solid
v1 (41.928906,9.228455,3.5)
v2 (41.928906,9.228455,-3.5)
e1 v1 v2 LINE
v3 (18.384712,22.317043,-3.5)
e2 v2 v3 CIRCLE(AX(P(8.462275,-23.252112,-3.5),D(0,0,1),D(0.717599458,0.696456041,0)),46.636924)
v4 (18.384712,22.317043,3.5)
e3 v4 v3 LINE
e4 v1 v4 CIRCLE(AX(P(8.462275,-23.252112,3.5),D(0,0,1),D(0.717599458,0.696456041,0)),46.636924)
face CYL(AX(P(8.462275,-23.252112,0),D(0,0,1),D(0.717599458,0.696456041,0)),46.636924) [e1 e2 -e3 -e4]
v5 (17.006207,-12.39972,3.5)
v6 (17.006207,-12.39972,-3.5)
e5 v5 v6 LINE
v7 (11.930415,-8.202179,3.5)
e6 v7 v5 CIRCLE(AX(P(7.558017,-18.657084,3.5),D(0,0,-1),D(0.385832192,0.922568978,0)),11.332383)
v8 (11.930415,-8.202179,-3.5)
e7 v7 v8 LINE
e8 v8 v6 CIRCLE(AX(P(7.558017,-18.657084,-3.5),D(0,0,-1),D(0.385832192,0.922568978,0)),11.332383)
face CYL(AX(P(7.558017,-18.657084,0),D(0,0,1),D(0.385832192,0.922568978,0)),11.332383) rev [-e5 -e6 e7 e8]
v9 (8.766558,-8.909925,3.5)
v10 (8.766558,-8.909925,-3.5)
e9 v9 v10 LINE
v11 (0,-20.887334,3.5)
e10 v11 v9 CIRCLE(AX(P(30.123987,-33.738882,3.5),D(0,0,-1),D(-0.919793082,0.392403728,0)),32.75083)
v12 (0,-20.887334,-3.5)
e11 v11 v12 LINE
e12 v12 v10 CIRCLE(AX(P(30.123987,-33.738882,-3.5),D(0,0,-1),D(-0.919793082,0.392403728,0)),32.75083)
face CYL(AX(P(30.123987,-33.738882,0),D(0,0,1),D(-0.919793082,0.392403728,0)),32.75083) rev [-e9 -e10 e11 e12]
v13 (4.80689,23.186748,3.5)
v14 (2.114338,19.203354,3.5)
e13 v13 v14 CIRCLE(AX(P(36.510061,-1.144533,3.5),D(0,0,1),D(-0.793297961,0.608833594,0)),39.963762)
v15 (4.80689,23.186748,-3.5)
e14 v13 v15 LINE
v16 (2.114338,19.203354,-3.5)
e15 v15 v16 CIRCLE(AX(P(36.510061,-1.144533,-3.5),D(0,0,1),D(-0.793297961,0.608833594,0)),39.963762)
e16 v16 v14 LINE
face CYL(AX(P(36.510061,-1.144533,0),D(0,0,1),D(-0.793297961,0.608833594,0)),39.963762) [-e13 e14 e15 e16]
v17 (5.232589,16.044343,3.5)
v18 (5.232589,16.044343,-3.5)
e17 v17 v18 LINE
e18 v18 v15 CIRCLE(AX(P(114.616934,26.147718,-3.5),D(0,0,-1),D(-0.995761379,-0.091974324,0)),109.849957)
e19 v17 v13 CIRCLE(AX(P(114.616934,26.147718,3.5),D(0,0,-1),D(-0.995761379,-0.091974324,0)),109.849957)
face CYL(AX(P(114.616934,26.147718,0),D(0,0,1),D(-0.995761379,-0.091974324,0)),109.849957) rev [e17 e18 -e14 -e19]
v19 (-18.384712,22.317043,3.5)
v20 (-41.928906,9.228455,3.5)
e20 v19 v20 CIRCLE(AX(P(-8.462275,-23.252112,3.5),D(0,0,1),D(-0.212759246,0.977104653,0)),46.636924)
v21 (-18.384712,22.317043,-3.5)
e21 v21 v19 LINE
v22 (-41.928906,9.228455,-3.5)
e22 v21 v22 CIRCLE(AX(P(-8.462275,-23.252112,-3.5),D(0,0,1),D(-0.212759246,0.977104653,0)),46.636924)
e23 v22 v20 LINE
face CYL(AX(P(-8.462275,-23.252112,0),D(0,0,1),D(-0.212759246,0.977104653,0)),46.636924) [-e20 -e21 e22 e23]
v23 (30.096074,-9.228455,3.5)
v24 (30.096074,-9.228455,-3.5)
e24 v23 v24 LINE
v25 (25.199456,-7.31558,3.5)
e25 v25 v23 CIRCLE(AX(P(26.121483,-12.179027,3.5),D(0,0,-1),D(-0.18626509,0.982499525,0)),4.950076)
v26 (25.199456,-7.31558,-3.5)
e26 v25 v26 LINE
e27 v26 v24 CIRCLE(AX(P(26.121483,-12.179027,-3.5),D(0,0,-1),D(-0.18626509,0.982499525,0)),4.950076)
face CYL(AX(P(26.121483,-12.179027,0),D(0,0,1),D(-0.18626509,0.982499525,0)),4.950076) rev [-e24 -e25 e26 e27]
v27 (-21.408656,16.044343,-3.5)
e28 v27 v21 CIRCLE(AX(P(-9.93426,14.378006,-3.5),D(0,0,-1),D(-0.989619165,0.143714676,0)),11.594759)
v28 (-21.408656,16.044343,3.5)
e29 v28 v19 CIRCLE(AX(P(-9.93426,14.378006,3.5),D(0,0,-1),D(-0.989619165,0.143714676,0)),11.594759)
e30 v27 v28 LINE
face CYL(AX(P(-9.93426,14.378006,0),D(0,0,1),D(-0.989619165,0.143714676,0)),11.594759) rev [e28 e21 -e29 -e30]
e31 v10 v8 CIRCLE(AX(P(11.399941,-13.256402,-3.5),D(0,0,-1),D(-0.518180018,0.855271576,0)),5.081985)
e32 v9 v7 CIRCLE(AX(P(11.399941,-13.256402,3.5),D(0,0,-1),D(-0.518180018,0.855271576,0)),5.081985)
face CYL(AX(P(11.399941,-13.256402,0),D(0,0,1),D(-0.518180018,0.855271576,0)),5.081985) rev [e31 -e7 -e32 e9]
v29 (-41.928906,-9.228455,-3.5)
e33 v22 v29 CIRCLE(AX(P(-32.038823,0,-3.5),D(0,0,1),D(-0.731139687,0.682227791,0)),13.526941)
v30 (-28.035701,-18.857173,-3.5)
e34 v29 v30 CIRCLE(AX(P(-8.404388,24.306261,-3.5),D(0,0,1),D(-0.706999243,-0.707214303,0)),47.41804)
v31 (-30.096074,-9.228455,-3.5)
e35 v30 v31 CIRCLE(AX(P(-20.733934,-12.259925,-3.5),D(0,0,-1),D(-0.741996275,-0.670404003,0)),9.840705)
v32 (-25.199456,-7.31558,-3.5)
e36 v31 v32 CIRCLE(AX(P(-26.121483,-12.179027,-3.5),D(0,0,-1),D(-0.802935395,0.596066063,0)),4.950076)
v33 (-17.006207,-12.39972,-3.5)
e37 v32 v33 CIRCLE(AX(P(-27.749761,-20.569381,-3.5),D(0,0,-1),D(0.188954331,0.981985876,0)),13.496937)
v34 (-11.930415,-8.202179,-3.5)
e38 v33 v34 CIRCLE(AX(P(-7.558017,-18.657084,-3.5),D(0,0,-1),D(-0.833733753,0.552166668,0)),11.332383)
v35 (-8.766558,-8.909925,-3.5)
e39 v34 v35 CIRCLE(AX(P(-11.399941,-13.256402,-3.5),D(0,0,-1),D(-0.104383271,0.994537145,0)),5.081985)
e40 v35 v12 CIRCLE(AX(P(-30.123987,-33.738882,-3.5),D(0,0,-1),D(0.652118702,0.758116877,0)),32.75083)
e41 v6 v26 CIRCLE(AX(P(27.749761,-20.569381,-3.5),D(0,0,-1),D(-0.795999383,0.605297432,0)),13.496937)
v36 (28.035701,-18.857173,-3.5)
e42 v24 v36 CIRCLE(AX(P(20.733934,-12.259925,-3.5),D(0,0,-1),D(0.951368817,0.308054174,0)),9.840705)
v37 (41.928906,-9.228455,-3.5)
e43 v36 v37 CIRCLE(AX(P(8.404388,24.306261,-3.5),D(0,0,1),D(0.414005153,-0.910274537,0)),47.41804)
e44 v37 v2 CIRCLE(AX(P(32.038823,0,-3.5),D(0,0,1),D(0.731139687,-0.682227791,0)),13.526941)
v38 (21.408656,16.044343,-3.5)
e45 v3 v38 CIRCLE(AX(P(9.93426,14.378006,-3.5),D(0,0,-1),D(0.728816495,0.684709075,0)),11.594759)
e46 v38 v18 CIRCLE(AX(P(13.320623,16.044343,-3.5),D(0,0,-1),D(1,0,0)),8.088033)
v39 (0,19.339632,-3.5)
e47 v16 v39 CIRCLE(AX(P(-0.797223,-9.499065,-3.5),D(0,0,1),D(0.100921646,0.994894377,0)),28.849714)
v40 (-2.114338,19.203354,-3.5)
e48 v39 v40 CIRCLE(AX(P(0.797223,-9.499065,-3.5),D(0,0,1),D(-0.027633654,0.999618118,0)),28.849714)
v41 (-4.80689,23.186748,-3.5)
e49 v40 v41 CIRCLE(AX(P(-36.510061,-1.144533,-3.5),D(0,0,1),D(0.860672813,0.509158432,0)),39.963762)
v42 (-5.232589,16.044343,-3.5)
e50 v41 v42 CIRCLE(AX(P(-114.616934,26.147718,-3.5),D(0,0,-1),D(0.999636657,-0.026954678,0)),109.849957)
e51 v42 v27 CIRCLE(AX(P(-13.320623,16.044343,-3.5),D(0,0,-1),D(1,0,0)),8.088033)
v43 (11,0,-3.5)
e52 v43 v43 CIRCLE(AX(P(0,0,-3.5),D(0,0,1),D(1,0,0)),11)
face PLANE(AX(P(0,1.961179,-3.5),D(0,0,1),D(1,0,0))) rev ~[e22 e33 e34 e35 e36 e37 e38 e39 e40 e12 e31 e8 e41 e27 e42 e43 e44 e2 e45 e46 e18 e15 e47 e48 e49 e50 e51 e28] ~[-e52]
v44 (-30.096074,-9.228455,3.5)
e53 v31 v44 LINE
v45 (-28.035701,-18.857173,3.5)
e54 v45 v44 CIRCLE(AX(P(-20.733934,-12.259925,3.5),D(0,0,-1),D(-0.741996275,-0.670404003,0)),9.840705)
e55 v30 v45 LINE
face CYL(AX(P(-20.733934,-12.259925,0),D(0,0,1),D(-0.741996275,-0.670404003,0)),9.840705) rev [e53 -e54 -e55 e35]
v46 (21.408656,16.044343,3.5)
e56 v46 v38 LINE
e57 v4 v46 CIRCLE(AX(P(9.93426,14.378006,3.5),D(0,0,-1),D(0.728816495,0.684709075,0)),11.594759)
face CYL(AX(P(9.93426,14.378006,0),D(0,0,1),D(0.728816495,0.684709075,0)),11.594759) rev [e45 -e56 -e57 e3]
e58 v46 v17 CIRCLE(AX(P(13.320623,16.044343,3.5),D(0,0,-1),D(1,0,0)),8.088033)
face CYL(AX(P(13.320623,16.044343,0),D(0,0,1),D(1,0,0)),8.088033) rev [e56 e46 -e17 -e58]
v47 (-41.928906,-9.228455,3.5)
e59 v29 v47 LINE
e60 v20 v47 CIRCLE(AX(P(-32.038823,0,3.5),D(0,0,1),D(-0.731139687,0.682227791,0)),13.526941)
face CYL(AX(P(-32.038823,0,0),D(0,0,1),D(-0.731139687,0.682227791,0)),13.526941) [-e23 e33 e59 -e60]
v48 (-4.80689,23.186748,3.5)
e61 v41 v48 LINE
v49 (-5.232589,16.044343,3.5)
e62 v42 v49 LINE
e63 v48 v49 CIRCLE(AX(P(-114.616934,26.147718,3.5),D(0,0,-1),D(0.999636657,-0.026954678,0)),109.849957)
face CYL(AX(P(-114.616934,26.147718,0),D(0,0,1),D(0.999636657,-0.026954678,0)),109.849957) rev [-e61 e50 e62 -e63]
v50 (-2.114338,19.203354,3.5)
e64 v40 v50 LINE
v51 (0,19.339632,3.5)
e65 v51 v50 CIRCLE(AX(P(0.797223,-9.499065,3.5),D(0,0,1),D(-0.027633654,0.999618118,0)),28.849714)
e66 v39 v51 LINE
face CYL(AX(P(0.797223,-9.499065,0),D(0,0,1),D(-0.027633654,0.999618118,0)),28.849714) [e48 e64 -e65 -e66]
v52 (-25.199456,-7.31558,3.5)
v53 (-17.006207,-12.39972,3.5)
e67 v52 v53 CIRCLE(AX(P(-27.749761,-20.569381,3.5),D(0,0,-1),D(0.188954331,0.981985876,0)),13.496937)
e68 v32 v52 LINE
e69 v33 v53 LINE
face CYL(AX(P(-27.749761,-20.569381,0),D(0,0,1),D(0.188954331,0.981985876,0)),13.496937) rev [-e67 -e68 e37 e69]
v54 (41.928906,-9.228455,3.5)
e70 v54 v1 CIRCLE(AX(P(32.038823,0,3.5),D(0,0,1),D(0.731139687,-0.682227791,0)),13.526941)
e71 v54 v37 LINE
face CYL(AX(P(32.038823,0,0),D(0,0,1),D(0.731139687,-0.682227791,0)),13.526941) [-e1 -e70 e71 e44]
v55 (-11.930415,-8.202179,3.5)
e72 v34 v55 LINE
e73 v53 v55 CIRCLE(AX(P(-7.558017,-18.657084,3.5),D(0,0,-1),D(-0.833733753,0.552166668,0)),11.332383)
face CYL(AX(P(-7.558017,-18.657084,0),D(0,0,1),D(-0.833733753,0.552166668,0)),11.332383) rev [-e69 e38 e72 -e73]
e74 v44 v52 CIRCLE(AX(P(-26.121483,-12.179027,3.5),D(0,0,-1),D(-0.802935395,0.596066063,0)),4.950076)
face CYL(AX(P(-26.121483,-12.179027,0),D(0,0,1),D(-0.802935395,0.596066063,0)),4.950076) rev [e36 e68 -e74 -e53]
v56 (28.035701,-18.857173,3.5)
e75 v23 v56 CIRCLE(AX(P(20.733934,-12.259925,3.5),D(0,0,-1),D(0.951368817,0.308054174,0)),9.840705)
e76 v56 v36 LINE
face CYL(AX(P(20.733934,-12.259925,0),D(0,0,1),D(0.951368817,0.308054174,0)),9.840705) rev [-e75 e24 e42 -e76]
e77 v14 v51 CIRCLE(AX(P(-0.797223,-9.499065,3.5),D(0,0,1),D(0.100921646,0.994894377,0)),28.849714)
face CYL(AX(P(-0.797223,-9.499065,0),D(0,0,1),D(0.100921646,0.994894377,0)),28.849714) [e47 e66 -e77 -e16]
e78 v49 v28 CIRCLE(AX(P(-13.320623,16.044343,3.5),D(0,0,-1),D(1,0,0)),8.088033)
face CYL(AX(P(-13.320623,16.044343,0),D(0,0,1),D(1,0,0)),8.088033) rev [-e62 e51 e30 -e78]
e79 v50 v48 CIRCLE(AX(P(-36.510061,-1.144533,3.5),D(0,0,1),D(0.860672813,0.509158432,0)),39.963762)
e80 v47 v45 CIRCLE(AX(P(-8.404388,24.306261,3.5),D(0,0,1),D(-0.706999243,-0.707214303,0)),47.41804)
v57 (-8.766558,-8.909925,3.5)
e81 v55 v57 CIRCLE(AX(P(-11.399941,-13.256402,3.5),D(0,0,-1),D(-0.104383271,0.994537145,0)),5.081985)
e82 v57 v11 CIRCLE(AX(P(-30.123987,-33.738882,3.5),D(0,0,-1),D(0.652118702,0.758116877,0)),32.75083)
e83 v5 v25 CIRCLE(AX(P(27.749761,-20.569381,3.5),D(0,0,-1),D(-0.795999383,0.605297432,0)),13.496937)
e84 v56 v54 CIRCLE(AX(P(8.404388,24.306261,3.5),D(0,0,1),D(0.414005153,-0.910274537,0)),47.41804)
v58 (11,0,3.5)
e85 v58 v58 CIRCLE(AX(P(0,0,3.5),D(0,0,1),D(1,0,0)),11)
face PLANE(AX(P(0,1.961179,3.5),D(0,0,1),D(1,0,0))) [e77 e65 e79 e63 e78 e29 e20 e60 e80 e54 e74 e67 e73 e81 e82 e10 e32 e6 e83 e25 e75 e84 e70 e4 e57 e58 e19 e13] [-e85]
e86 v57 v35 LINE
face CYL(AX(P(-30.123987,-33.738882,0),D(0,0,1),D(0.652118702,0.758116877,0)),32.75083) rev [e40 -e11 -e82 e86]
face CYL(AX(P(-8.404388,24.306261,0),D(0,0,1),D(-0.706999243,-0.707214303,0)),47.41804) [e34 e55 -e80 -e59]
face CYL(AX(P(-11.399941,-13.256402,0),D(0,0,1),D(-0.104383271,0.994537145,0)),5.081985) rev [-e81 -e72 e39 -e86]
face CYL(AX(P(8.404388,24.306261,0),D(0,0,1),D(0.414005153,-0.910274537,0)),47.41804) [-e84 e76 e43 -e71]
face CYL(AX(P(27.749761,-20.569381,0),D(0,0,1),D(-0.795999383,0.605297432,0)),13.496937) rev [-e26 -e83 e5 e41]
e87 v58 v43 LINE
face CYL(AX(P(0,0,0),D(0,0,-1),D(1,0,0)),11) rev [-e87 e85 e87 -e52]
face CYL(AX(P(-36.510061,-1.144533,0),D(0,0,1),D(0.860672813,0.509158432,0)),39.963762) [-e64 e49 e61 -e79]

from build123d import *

# Parameters (mm, degrees)
F0_R     = 11
F1_DEPTH = 3.5


with BuildPart() as f1:
    # F0 (on Top) → F1 (new body, symmetric)
    with BuildSketch(Plane.XY):
        with BuildLine():
            ThreePointArc((4.8068902284, 23.1867481814), (3.40065434, 21.2355802686), (2.1143376362, 19.2033536732))
            ThreePointArc((2.1143376362, 19.2033536732), (1.0584202785, 19.2909091426), (0, 19.3396322429))
            ThreePointArc((0, 19.3396322429), (-1.0584202785, 19.2909091426), (-2.1143376362, 19.2033536732))
            ThreePointArc((-2.1143376362, 19.2033536732), (-3.40065434, 21.2355802686), (-4.8068902284, 23.1867481814))
            ThreePointArc((-4.8068902284, 23.1867481814), (-4.9615717482, 19.612078626), (-5.2325893193, 16.0443428904))
            ThreePointArc((-5.2325893193, 16.0443428904), (-13.3206225283, 7.9563096814), (-21.4086557373, 16.0443428904))
            ThreePointArc((-21.4086557373, 16.0443428904), (-20.3787118799, 19.4130691175), (-18.3847115054, 22.3170428173))
            ThreePointArc((-18.3847115054, 22.3170428173), (-31.1223848305, 17.5096597623), (-41.9289059937, 9.2284549028))
            ThreePointArc((-41.9289059937, 9.2284549028), (-45.5657635204, 0), (-41.9289059937, -9.2284549028))
            ThreePointArc((-41.9289059937, -9.2284549028), (-35.4148236465, -14.666894454), (-28.0357005491, -18.857173191))
            ThreePointArc((-28.0357005491, -18.857173191), (-30.3567973633, -14.31904571), (-30.0960739695, -9.2284549028))
            ThreePointArc((-30.0960739695, -9.2284549028), (-27.9226796708, -7.5682851491), (-25.1994561404, -7.3155798018))
            ThreePointArc((-25.1994561404, -7.3155798018), (-20.6333159795, -9.1010108427), (-17.0062072575, -12.399720028))
            ThreePointArc((-17.0062072575, -12.399720028), (-14.7799976822, -9.9240492174), (-11.9304154068, -8.2021793351))
            ThreePointArc((-11.9304154068, -8.2021793351), (-10.290534836, -8.2969879927), (-8.7665580213, -8.9099248871))
            ThreePointArc((-8.7665580213, -8.9099248871), (-3.6958082863, -14.3954527894), (0, -20.8873338997))
            ThreePointArc((0, -20.8873338997), (3.6958082863, -14.3954527894), (8.7665580213, -8.9099248871))
            ThreePointArc((8.7665580213, -8.9099248871), (10.290534836, -8.2969879927), (11.9304154068, -8.2021793351))
            ThreePointArc((11.9304154068, -8.2021793351), (14.7799976822, -9.9240492174), (17.0062072575, -12.399720028))
            ThreePointArc((17.0062072575, -12.399720028), (20.6333159795, -9.1010108427), (25.1994561404, -7.3155798018))
            ThreePointArc((25.1994561404, -7.3155798018), (27.9226796708, -7.5682851491), (30.0960739695, -9.2284549028))
            ThreePointArc((30.0960739695, -9.2284549028), (30.3567973633, -14.31904571), (28.0357005491, -18.857173191))
            ThreePointArc((28.0357005491, -18.857173191), (35.4148236465, -14.666894454), (41.9289059937, -9.2284549028))
            ThreePointArc((41.9289059937, -9.2284549028), (45.5657635204, 0), (41.9289059937, 9.2284549028))
            ThreePointArc((41.9289059937, 9.2284549028), (31.1223848305, 17.5096597623), (18.3847115054, 22.3170428173))
            ThreePointArc((18.3847115054, 22.3170428173), (20.3787118799, 19.4130691175), (21.4086557373, 16.0443428904))
            ThreePointArc((21.4086557373, 16.0443428904), (13.3206225283, 7.9563096814), (5.2325893193, 16.0443428904))
            ThreePointArc((5.2325893193, 16.0443428904), (4.9615717482, 19.612078626), (4.8068902284, 23.1867481814))
        make_face()
        Circle(F0_R, mode=Mode.SUBTRACT)
    extrude(amount=F1_DEPTH, both=True)


solid = f1.part
